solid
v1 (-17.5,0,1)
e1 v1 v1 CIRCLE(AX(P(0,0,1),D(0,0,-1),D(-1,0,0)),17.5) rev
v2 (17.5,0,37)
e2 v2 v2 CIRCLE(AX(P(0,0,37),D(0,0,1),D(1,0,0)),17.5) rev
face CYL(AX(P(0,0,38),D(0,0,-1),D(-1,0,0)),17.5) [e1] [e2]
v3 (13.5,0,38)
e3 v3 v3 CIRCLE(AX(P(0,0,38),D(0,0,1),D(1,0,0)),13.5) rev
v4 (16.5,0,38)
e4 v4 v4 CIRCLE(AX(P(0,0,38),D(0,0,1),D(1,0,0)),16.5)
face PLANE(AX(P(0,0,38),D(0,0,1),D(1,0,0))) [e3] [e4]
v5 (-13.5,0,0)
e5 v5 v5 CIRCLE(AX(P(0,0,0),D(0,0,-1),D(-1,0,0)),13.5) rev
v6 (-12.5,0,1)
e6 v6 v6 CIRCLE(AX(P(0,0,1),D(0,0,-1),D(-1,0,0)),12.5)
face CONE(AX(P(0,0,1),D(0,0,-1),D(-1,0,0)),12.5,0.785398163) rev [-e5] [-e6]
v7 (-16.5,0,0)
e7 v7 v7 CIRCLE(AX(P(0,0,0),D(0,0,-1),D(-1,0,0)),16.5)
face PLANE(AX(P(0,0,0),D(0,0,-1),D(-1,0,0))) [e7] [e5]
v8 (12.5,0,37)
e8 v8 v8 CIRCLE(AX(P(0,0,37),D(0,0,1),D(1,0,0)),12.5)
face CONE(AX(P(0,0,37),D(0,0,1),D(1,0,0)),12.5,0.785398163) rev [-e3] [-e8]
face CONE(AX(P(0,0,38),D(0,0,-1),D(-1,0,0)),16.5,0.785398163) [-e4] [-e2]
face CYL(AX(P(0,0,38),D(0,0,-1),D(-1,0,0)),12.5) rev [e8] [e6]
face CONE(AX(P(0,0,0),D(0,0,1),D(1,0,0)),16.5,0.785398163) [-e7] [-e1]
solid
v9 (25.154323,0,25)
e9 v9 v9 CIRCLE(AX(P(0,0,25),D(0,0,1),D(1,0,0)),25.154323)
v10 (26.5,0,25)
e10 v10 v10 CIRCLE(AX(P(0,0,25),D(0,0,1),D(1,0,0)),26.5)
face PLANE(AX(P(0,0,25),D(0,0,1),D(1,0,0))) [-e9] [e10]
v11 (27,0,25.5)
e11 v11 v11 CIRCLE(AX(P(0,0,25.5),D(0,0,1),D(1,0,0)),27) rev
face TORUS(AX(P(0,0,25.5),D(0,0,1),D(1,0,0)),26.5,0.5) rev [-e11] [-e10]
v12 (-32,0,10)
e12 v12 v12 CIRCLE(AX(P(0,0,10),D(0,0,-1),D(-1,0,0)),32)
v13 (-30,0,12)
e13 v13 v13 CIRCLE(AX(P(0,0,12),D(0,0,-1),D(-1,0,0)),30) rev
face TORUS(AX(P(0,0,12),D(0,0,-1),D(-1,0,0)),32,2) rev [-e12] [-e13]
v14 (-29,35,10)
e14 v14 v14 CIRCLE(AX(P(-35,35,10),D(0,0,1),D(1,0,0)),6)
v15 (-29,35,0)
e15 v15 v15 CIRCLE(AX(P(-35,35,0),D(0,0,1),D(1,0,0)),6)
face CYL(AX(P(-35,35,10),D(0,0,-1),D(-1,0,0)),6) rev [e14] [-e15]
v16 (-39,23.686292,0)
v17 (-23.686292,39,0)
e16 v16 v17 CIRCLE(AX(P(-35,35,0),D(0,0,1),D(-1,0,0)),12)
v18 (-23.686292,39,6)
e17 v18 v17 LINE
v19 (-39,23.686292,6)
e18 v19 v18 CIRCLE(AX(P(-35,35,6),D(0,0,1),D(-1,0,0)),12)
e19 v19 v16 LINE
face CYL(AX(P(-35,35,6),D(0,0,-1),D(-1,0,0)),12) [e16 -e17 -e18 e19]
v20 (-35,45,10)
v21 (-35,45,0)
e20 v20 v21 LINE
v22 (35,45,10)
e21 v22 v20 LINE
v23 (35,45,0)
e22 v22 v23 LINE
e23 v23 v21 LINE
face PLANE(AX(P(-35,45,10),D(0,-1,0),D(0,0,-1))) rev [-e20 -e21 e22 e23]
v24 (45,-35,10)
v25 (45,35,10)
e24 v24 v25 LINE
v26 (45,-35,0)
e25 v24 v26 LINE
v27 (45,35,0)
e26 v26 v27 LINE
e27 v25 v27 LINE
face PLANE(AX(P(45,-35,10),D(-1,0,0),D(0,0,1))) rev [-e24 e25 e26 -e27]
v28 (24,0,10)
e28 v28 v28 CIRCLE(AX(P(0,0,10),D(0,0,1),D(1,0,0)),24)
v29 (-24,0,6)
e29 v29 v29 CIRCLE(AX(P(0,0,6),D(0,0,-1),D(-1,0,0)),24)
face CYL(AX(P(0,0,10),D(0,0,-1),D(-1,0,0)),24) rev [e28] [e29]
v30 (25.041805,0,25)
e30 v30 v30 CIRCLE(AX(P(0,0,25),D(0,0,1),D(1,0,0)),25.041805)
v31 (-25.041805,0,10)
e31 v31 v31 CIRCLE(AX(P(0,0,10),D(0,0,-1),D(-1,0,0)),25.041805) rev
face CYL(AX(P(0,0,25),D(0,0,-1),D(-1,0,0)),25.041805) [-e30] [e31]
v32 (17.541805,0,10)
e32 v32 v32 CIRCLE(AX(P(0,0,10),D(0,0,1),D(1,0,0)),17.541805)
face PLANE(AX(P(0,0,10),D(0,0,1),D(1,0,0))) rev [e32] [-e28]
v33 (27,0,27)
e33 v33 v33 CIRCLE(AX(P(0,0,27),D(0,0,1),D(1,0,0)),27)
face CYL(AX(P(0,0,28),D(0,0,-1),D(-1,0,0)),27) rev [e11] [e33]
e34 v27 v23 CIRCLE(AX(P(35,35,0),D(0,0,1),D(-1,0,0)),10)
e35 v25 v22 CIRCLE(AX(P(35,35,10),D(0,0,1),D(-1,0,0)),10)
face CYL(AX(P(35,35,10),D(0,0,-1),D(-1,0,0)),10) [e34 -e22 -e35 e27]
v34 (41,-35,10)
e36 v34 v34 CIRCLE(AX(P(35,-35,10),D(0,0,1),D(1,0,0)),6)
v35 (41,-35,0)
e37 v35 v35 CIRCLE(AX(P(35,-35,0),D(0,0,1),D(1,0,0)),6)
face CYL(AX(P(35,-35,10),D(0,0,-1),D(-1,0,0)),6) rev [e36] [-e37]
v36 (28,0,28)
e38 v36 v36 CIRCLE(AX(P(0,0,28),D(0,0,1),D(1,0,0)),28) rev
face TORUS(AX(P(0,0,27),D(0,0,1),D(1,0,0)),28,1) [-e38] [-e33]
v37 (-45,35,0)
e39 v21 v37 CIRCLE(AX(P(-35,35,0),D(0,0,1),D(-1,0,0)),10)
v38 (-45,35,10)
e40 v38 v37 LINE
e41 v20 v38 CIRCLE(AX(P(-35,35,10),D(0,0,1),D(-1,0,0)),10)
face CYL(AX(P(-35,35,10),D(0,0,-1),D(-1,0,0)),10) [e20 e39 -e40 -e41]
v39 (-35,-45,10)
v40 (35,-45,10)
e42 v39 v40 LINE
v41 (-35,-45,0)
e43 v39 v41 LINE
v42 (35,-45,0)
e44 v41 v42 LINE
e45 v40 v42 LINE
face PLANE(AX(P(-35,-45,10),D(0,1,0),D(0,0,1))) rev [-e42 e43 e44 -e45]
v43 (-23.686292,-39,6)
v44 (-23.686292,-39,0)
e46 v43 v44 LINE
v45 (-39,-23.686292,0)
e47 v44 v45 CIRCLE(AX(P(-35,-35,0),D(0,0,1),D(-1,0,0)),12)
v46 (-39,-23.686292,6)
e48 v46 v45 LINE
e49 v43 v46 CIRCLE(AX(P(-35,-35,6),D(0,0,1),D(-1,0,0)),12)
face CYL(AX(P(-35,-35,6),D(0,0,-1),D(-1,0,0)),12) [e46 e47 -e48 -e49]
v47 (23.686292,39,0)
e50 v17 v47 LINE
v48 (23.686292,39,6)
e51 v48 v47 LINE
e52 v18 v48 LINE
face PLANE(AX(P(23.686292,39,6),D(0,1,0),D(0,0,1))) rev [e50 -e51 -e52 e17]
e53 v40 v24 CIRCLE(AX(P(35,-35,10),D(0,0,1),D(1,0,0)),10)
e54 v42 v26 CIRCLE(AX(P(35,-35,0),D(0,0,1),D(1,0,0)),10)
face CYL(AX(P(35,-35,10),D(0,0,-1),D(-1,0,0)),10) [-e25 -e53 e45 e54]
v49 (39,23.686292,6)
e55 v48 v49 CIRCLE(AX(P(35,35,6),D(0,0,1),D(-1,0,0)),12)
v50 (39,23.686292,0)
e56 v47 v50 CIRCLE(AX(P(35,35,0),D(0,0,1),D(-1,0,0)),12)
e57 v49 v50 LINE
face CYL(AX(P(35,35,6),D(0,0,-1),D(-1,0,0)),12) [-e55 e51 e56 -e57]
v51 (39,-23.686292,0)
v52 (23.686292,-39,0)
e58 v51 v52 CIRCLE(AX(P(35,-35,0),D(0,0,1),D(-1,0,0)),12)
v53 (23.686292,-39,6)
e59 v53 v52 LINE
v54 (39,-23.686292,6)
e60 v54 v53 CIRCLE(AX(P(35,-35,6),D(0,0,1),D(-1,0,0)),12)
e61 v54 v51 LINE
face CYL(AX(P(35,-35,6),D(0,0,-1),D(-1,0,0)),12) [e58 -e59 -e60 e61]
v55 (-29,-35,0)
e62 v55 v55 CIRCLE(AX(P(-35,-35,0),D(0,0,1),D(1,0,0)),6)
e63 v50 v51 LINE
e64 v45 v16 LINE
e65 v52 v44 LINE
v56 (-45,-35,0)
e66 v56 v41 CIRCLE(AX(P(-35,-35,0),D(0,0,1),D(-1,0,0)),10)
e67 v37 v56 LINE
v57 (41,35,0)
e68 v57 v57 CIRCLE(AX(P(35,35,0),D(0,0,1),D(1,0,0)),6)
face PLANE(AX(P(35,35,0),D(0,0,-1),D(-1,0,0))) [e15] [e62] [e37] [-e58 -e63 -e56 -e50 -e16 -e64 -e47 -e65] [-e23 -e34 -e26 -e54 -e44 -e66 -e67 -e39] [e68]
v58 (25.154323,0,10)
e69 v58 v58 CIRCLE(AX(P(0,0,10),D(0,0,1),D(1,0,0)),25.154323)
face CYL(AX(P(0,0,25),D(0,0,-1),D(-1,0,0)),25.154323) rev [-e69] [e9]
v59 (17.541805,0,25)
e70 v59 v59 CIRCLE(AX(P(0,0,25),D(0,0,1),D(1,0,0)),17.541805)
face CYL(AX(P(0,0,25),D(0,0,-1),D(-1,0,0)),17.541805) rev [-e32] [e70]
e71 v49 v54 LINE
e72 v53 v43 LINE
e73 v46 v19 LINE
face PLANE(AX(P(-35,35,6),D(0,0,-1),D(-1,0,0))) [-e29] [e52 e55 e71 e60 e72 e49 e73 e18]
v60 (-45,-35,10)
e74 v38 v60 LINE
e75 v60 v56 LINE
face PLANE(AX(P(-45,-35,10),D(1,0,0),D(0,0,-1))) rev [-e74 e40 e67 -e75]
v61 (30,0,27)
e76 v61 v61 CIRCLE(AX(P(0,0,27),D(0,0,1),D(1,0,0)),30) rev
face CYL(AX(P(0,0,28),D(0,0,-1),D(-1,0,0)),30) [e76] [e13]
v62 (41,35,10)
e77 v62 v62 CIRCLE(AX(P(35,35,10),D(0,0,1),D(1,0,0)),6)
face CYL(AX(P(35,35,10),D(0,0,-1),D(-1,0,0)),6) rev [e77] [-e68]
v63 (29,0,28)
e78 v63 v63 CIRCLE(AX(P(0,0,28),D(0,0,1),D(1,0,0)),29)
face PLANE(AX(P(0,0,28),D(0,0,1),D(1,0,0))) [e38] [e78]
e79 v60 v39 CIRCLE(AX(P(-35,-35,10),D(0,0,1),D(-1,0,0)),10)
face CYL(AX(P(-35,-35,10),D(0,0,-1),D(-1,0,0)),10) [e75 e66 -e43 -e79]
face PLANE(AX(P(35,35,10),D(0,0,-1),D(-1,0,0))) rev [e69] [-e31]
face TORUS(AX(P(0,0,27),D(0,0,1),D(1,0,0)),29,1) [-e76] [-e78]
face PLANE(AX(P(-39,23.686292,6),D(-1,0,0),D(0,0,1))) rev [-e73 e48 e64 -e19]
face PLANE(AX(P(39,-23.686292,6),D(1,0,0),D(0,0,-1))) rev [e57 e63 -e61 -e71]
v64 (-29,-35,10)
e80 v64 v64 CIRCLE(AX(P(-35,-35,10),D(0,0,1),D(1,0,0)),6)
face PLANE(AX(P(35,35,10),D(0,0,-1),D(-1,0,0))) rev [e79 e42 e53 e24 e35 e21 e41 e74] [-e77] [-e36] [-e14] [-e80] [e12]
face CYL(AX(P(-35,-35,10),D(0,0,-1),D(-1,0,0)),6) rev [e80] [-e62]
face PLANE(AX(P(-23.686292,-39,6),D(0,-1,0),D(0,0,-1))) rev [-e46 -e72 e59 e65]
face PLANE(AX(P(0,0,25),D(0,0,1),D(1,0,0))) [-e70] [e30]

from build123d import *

# Parameters (mm, degrees)
SKETCH1_R           = 6
SKETCH1_R_2         = 24
BOSS_EXTRUDE1_DEPTH = 10
SKETCH2_R           = 30
SKETCH2_R_2         = 27
BOSS_EXTRUDE2_DEPTH = 18
FILLET1_R           = 2
SKETCH3_R           = 27.154323103
SKETCH3_R_2         = 25.154323103
BOSS_EXTRUDE3_DEPTH = 15
FILLET2_R           = 1
SKETCH4_R           = 25.041805443
SKETCH4_R_2         = 23.541805443
BOSS_EXTRUDE4_DEPTH = 15
FILLET3_R           = 0.5
SKETCH5_R           = 23.541805443
SKETCH5_R_2         = 17.541805443
BOSS_EXTRUDE5_DEPTH = 15
SKETCH6_R           = 17.5
SKETCH6_R_2         = 12.5
BOSS_EXTRUDE6_DEPTH = 28
CUT_EXTRUDE2_DEPTH  = 6
SKETCH9_R           = 17.5
SKETCH9_R_2         = 12.5
BOSS_EXTRUDE7_DEPTH = 10
CHAMFER1_SIZE       = 1
CHAMFER2_SIZE       = 1


with BuildPart() as part:
    # Sketch1 → Boss-Extrude1 (new body)
    with BuildSketch(Plane.XY):
        with BuildLine():
            Line((-35, -45), (35, -45))
            ThreePointArc((35, -45), (42.071067812, -42.071067812), (45, -35))
            Line((45, -35), (45, 35))
            ThreePointArc((45, 35), (42.071067812, 42.071067812), (35, 45))
            Line((35, 45), (-35, 45))
            ThreePointArc((-35, 45), (-42.071067812, 42.071067812), (-45, 35))
            Line((-45, 35), (-45, -35))
            ThreePointArc((-45, -35), (-42.071067812, -42.071067812), (-35, -45))
        make_face()
        with Locations((-35, 35)):
            Circle(SKETCH1_R, mode=Mode.SUBTRACT)
        with Locations((35, 35)):
            Circle(SKETCH1_R, mode=Mode.SUBTRACT)
        with Locations((35, -35)):
            Circle(SKETCH1_R, mode=Mode.SUBTRACT)
        with Locations((-35, -35)):
            Circle(SKETCH1_R, mode=Mode.SUBTRACT)
        Circle(SKETCH1_R_2, mode=Mode.SUBTRACT)
    extrude(amount=BOSS_EXTRUDE1_DEPTH)

    # Sketch2 → Boss-Extrude2 (add)
    with BuildSketch(Plane.XY.offset(10)):
        with Locations(Location((0, 0, 0), (0, 0, 180))):
            Circle(SKETCH2_R)
        Circle(SKETCH2_R_2, mode=Mode.SUBTRACT)
    extrude(amount=BOSS_EXTRUDE2_DEPTH)

    # Fillet1
    fillet1_edges = [part.edges().sort_by_distance(p)[0] for p in [
        (30, 0, 10),
    ]]
    fillet(fillet1_edges, radius=FILLET1_R)

    # Sketch3 → Boss-Extrude3 (add)
    with BuildSketch(Plane.XY.offset(10)):
        Circle(SKETCH3_R)
        Circle(SKETCH3_R_2, mode=Mode.SUBTRACT)
    extrude(amount=BOSS_EXTRUDE3_DEPTH)

    # Fillet2
    fillet2_edges = [part.edges().sort_by_distance(p)[0] for p in [
        (30, 0, 28),
        (-27, 0, 28),
    ]]
    fillet(fillet2_edges, radius=FILLET2_R)

    # Sketch4 → Boss-Extrude4 (add)
    with BuildSketch(Plane.XY.offset(10)):
        with Locations(Location((0, 0, 0), (0, 0, 180))):
            Circle(SKETCH4_R)
        Circle(SKETCH4_R_2, mode=Mode.SUBTRACT)
    extrude(amount=BOSS_EXTRUDE4_DEPTH)

    # Fillet3
    fillet3_edges = [part.edges().sort_by_distance(p)[0] for p in [
        (-27, 0, 25),
    ]]
    fillet(fillet3_edges, radius=FILLET3_R)

    # Sketch5 → Boss-Extrude5 (add)
    with BuildSketch(Plane.XY.offset(10)):
        Circle(SKETCH5_R)
        Circle(SKETCH5_R_2, mode=Mode.SUBTRACT)
    extrude(amount=BOSS_EXTRUDE5_DEPTH)

    # Sketch8 → Cut-Extrude2 (cut)
    with BuildSketch(Plane(origin=(0, 0, 0), x_dir=(-1, 0, 0), z_dir=(0, 0, -1))):
        with BuildLine():
            Line((23.686291501, -39), (-23.686291501, -39))
            ThreePointArc((-23.686291501, -39), (-26.514718626, -26.514718626), (-39, -23.686291501))
            Line((-39, -23.686291501), (-39, 23.686291501))
            ThreePointArc((-39, 23.686291501), (-26.514718626, 26.514718626), (-23.686291501, 39))
            Line((-23.686291501, 39), (23.686291501, 39))
            ThreePointArc((23.686291501, 39), (26.514718626, 26.514718626), (39, 23.686291501))
            Line((39, 23.686291501), (39, -23.686291501))
            ThreePointArc((39, -23.686291501), (26.514718626, -26.514718626), (23.686291501, -39))
        make_face()
    extrude(amount=-CUT_EXTRUDE2_DEPTH, mode=Mode.SUBTRACT)


with BuildPart() as body_2:
    # Sketch6 → Boss-Extrude6 (new body)
    with BuildSketch(Plane.XY.offset(10)):
        Circle(SKETCH6_R)
        Circle(SKETCH6_R_2, mode=Mode.SUBTRACT)
    extrude(amount=BOSS_EXTRUDE6_DEPTH)

    # Sketch9 → Boss-Extrude7 (add)
    with BuildSketch(Plane(origin=(0, 0, 10), x_dir=(-1, 0, 0), z_dir=(0, 0, -1))):
        Circle(SKETCH9_R)
        Circle(SKETCH9_R_2, mode=Mode.SUBTRACT)
    extrude(amount=BOSS_EXTRUDE7_DEPTH)

    # Chamfer1
    chamfer1_edges = [body_2.edges().sort_by_distance(p)[0] for p in [
        (-17.5, 0, 38),
        (-12.5, 0, 38),
    ]]
    chamfer(chamfer1_edges, length=CHAMFER1_SIZE)

    # Chamfer2
    chamfer2_edges = [body_2.edges().sort_by_distance(p)[0] for p in [
        (12.5, 0, 0),
        (17.5, 0, 0),
    ]]
    chamfer(chamfer2_edges, length=CHAMFER2_SIZE)


solid = Compound([part.part, body_2.part])
